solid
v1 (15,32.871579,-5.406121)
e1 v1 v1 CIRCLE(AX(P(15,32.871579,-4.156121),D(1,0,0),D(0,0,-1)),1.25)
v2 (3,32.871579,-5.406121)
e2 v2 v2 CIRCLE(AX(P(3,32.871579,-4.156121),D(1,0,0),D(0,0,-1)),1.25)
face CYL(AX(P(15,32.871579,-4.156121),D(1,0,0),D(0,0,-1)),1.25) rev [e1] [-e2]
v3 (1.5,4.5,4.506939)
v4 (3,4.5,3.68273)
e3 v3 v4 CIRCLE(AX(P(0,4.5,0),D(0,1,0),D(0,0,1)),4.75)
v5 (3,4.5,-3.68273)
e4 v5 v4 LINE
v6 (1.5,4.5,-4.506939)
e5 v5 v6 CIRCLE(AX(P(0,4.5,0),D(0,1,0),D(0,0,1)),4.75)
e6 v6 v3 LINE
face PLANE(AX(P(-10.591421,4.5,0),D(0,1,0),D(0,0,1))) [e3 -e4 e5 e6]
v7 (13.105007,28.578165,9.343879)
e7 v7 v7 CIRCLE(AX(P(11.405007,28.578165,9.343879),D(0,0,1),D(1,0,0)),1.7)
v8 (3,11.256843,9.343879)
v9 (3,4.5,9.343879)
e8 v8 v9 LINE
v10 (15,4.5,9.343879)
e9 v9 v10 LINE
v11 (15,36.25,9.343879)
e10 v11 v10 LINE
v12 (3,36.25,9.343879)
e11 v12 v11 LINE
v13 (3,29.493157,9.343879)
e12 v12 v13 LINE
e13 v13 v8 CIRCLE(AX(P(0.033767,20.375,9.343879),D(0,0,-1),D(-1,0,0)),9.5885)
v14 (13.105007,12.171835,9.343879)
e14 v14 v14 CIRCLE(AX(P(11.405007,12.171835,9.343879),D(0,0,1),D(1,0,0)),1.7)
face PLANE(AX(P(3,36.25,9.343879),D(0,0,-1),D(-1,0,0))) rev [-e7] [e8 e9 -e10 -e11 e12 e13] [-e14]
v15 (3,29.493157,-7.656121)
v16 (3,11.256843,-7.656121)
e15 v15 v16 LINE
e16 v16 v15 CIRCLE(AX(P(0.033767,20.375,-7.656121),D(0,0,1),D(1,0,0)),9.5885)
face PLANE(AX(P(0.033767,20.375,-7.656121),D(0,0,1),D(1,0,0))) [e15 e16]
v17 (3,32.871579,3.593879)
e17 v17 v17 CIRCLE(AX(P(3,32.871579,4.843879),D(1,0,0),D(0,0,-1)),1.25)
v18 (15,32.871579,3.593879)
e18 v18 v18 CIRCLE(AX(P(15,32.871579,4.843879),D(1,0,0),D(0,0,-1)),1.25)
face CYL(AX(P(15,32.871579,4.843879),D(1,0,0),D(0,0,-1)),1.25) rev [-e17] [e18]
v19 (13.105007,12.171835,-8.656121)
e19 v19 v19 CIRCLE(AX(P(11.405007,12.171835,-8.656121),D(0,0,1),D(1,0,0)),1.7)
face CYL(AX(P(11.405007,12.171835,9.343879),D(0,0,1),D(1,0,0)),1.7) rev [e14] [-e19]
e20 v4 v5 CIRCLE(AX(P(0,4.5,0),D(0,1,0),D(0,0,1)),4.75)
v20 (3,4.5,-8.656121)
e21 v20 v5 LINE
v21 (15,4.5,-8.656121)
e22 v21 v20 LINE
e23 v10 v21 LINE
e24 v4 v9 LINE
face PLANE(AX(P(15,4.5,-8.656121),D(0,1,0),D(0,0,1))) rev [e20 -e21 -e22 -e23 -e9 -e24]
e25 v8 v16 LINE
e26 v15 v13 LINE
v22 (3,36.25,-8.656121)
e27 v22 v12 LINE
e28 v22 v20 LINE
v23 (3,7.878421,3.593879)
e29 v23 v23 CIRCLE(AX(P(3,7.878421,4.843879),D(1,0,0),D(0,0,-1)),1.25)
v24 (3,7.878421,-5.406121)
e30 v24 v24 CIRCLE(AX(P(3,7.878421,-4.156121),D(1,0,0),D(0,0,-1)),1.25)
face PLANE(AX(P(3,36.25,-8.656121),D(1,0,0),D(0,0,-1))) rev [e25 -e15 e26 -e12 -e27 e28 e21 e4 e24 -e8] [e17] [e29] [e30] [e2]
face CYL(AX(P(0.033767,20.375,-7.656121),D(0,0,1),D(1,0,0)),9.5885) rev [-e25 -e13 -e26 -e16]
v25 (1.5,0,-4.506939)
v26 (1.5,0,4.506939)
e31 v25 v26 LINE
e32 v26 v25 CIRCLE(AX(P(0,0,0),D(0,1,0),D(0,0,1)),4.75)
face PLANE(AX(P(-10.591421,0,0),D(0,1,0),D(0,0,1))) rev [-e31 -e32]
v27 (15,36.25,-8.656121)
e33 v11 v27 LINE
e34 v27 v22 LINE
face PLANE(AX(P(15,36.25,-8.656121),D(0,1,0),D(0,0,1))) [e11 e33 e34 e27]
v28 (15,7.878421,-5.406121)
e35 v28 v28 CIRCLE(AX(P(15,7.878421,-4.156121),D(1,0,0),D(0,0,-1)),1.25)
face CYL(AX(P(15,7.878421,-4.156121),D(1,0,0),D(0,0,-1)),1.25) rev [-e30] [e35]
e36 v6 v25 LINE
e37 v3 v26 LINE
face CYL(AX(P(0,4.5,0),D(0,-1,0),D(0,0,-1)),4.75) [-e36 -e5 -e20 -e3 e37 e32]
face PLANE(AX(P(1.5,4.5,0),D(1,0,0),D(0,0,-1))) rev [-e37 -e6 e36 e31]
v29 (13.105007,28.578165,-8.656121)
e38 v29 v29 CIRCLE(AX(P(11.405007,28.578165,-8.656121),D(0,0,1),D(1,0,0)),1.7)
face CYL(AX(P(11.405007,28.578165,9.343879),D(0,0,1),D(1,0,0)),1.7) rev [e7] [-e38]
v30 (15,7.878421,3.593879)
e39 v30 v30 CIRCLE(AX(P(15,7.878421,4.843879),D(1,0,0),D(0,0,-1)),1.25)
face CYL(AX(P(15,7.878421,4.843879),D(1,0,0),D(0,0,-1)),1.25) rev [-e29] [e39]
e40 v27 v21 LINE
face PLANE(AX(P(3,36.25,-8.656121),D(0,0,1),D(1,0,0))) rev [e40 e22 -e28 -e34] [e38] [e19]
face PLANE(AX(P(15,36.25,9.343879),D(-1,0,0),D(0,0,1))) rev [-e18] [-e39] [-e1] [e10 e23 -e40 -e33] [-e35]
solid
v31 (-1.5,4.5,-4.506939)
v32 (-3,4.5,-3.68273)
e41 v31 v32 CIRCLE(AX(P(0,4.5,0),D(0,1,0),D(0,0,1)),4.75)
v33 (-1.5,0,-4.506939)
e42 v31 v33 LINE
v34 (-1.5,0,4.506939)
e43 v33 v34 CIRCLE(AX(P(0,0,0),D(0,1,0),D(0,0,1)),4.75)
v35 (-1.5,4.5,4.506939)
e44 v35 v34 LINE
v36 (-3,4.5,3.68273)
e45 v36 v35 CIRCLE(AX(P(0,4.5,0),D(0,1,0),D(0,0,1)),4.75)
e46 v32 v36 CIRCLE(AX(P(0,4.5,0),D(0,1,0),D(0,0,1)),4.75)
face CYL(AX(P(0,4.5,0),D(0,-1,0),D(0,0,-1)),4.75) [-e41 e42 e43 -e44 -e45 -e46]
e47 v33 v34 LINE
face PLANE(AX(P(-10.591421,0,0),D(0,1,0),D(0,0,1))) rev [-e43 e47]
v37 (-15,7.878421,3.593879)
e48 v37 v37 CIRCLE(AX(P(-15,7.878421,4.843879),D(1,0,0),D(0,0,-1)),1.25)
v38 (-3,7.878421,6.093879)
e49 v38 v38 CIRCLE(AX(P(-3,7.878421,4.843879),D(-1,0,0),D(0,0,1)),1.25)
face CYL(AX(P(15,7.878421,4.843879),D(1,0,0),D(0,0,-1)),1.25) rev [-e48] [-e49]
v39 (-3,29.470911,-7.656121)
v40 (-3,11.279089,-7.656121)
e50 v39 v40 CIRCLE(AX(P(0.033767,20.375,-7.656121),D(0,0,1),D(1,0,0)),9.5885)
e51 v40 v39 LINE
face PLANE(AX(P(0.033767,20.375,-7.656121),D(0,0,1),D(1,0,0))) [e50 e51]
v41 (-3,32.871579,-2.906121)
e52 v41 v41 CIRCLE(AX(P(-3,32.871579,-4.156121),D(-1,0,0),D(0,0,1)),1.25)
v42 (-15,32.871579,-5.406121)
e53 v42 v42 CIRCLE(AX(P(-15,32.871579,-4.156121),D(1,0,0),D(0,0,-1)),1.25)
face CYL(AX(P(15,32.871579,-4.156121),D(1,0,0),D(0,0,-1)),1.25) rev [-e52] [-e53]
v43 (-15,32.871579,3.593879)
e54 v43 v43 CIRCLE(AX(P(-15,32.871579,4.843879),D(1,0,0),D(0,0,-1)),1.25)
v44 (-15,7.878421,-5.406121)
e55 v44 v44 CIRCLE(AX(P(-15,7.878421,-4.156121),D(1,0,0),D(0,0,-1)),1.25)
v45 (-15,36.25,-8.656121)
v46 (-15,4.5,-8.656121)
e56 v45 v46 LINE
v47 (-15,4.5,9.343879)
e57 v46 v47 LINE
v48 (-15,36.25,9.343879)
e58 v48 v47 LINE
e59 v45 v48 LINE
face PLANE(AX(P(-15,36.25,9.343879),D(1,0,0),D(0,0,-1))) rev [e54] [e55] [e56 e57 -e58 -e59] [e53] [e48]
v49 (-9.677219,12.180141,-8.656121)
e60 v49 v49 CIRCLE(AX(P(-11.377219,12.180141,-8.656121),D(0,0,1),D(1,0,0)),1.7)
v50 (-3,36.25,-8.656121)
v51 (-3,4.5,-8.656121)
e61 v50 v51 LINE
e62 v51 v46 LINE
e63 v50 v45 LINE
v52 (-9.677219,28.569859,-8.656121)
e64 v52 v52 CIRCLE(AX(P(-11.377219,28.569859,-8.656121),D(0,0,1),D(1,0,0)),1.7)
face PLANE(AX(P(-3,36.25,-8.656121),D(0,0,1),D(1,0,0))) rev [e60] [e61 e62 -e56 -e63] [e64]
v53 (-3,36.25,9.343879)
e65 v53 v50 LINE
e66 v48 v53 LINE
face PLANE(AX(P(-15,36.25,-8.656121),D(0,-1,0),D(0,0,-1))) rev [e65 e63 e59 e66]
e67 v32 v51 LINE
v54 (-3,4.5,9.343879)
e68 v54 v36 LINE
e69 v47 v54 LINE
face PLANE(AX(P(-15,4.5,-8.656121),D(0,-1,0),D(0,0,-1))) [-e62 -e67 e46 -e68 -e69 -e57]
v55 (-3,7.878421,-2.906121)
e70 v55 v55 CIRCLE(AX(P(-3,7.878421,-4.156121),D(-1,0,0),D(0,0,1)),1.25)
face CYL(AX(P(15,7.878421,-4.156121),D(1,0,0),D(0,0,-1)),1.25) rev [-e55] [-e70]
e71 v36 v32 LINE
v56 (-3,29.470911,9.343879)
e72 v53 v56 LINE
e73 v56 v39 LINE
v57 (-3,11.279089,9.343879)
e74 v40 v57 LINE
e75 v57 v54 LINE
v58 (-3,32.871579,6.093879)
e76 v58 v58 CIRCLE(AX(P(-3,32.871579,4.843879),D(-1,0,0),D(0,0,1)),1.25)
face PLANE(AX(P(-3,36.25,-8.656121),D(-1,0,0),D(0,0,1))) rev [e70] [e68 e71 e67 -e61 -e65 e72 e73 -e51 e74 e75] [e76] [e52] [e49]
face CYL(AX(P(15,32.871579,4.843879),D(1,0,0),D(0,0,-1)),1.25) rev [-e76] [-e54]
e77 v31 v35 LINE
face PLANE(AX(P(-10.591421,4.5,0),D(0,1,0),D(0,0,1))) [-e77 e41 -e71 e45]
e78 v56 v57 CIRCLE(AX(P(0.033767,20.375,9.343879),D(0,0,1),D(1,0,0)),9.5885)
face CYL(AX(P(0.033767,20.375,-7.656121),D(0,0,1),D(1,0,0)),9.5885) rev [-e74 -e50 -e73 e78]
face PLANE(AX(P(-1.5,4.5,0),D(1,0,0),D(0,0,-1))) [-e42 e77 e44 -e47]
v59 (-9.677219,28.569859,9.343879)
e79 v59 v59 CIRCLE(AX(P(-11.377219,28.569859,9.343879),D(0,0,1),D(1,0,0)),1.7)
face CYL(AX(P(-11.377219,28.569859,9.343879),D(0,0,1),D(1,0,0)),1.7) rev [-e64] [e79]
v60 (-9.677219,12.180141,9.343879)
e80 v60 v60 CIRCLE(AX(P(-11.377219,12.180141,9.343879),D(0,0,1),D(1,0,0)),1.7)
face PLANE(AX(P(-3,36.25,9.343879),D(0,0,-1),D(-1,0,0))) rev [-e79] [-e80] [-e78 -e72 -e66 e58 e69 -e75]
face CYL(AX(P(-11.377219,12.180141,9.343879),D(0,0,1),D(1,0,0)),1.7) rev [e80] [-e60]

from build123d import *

# Parameters (mm, degrees)
SKETCH2_W             = 12
SKETCH2_H             = 18
EXTRUDE1_DEPTH        = 31.75
EXTRUDE1_2_DEPTH      = 31.75
EXTRUDE2_DEPTH        = 4.5
SKETCH4_R             = 9.5885
EXTRUDE3_DEPTH        = 17
M3X0_5_TAPPED_HOLE1_D = 2.5
M3_CLEARANCE_HOLE1_D  = 3.4


with BuildPart() as part:
    # Sketch2 → Extrude1 (new body)
    with BuildSketch(Plane(origin=(0, 4.5, 0), x_dir=(-1, 0, 0), z_dir=(0, 1, 0))):
        with Locations((9, 0.343878918)):
            Rectangle(SKETCH2_W, SKETCH2_H)
    extrude(amount=EXTRUDE1_DEPTH)



with BuildPart() as body_2:
    # Sketch2 → Extrude1 2 (new body)
    with BuildSketch(Plane(origin=(0, 4.5, 0), x_dir=(-1, 0, 0), z_dir=(0, 1, 0))):
        with Locations((-9, 0.343878918)):
            Rectangle(SKETCH2_W, SKETCH2_H)
    extrude(amount=EXTRUDE1_2_DEPTH)


with BuildPart() as part_1:
    add(part.part)

    add(body_2.part)  # Extrude2 merges body 2
    # Sketch1 → Extrude2 (add)
    with BuildSketch(Plane(origin=(0, 0, 0), x_dir=(1, 0, 0), z_dir=(0, 1, 0))):
        with BuildLine():
            ThreePointArc((4.75, 0), (3.852758752, 2.778263846), (1.5, 4.506939094))
            Line((1.5, 4.506939094), (1.5, -4.506939094))
            ThreePointArc((1.5, -4.506939094), (3.852758752, -2.778263846), (4.75, 0))
        make_face()
        with BuildLine():
            Line((-1.5, -4.506939094), (-1.5, 4.506939094))
            ThreePointArc((-1.5, 4.506939094), (-4.75, 0), (-1.5, -4.506939094))
        make_face()
    extrude(amount=EXTRUDE2_DEPTH)

    # Sketch4 → Extrude3 (cut)
    with BuildSketch(Plane.XY.offset(9.343878918)):
        with Locations((0.033766691, 20.375)):
            Circle(SKETCH4_R)
    extrude(amount=-EXTRUDE3_DEPTH, mode=Mode.SUBTRACT)

    # M3x0.5 Tapped Hole1 (through all)
    with Locations(Plane(origin=(15, 32.871578641, 4.843878918), x_dir=(0, 0, 1), z_dir=(1, 0, 0))):
        with Locations((0, 0), (-9, 0), (0, 24.993157282), (-9, 24.993157282)):
            Hole(M3X0_5_TAPPED_HOLE1_D / 2)

    # M3 Clearance Hole1 (through all)
    with Locations(Plane(origin=(-11.377218639, 28.569859147, 9.343878918), x_dir=(1, 0, 0), z_dir=(0, 0, 1))):
        with Locations((0, 0), (0, -16.389718294), (22.782225349, -16.398024537), (22.782225349, 0.008306243)):
            Hole(M3_CLEARANCE_HOLE1_D / 2)


solid = part_1.part
